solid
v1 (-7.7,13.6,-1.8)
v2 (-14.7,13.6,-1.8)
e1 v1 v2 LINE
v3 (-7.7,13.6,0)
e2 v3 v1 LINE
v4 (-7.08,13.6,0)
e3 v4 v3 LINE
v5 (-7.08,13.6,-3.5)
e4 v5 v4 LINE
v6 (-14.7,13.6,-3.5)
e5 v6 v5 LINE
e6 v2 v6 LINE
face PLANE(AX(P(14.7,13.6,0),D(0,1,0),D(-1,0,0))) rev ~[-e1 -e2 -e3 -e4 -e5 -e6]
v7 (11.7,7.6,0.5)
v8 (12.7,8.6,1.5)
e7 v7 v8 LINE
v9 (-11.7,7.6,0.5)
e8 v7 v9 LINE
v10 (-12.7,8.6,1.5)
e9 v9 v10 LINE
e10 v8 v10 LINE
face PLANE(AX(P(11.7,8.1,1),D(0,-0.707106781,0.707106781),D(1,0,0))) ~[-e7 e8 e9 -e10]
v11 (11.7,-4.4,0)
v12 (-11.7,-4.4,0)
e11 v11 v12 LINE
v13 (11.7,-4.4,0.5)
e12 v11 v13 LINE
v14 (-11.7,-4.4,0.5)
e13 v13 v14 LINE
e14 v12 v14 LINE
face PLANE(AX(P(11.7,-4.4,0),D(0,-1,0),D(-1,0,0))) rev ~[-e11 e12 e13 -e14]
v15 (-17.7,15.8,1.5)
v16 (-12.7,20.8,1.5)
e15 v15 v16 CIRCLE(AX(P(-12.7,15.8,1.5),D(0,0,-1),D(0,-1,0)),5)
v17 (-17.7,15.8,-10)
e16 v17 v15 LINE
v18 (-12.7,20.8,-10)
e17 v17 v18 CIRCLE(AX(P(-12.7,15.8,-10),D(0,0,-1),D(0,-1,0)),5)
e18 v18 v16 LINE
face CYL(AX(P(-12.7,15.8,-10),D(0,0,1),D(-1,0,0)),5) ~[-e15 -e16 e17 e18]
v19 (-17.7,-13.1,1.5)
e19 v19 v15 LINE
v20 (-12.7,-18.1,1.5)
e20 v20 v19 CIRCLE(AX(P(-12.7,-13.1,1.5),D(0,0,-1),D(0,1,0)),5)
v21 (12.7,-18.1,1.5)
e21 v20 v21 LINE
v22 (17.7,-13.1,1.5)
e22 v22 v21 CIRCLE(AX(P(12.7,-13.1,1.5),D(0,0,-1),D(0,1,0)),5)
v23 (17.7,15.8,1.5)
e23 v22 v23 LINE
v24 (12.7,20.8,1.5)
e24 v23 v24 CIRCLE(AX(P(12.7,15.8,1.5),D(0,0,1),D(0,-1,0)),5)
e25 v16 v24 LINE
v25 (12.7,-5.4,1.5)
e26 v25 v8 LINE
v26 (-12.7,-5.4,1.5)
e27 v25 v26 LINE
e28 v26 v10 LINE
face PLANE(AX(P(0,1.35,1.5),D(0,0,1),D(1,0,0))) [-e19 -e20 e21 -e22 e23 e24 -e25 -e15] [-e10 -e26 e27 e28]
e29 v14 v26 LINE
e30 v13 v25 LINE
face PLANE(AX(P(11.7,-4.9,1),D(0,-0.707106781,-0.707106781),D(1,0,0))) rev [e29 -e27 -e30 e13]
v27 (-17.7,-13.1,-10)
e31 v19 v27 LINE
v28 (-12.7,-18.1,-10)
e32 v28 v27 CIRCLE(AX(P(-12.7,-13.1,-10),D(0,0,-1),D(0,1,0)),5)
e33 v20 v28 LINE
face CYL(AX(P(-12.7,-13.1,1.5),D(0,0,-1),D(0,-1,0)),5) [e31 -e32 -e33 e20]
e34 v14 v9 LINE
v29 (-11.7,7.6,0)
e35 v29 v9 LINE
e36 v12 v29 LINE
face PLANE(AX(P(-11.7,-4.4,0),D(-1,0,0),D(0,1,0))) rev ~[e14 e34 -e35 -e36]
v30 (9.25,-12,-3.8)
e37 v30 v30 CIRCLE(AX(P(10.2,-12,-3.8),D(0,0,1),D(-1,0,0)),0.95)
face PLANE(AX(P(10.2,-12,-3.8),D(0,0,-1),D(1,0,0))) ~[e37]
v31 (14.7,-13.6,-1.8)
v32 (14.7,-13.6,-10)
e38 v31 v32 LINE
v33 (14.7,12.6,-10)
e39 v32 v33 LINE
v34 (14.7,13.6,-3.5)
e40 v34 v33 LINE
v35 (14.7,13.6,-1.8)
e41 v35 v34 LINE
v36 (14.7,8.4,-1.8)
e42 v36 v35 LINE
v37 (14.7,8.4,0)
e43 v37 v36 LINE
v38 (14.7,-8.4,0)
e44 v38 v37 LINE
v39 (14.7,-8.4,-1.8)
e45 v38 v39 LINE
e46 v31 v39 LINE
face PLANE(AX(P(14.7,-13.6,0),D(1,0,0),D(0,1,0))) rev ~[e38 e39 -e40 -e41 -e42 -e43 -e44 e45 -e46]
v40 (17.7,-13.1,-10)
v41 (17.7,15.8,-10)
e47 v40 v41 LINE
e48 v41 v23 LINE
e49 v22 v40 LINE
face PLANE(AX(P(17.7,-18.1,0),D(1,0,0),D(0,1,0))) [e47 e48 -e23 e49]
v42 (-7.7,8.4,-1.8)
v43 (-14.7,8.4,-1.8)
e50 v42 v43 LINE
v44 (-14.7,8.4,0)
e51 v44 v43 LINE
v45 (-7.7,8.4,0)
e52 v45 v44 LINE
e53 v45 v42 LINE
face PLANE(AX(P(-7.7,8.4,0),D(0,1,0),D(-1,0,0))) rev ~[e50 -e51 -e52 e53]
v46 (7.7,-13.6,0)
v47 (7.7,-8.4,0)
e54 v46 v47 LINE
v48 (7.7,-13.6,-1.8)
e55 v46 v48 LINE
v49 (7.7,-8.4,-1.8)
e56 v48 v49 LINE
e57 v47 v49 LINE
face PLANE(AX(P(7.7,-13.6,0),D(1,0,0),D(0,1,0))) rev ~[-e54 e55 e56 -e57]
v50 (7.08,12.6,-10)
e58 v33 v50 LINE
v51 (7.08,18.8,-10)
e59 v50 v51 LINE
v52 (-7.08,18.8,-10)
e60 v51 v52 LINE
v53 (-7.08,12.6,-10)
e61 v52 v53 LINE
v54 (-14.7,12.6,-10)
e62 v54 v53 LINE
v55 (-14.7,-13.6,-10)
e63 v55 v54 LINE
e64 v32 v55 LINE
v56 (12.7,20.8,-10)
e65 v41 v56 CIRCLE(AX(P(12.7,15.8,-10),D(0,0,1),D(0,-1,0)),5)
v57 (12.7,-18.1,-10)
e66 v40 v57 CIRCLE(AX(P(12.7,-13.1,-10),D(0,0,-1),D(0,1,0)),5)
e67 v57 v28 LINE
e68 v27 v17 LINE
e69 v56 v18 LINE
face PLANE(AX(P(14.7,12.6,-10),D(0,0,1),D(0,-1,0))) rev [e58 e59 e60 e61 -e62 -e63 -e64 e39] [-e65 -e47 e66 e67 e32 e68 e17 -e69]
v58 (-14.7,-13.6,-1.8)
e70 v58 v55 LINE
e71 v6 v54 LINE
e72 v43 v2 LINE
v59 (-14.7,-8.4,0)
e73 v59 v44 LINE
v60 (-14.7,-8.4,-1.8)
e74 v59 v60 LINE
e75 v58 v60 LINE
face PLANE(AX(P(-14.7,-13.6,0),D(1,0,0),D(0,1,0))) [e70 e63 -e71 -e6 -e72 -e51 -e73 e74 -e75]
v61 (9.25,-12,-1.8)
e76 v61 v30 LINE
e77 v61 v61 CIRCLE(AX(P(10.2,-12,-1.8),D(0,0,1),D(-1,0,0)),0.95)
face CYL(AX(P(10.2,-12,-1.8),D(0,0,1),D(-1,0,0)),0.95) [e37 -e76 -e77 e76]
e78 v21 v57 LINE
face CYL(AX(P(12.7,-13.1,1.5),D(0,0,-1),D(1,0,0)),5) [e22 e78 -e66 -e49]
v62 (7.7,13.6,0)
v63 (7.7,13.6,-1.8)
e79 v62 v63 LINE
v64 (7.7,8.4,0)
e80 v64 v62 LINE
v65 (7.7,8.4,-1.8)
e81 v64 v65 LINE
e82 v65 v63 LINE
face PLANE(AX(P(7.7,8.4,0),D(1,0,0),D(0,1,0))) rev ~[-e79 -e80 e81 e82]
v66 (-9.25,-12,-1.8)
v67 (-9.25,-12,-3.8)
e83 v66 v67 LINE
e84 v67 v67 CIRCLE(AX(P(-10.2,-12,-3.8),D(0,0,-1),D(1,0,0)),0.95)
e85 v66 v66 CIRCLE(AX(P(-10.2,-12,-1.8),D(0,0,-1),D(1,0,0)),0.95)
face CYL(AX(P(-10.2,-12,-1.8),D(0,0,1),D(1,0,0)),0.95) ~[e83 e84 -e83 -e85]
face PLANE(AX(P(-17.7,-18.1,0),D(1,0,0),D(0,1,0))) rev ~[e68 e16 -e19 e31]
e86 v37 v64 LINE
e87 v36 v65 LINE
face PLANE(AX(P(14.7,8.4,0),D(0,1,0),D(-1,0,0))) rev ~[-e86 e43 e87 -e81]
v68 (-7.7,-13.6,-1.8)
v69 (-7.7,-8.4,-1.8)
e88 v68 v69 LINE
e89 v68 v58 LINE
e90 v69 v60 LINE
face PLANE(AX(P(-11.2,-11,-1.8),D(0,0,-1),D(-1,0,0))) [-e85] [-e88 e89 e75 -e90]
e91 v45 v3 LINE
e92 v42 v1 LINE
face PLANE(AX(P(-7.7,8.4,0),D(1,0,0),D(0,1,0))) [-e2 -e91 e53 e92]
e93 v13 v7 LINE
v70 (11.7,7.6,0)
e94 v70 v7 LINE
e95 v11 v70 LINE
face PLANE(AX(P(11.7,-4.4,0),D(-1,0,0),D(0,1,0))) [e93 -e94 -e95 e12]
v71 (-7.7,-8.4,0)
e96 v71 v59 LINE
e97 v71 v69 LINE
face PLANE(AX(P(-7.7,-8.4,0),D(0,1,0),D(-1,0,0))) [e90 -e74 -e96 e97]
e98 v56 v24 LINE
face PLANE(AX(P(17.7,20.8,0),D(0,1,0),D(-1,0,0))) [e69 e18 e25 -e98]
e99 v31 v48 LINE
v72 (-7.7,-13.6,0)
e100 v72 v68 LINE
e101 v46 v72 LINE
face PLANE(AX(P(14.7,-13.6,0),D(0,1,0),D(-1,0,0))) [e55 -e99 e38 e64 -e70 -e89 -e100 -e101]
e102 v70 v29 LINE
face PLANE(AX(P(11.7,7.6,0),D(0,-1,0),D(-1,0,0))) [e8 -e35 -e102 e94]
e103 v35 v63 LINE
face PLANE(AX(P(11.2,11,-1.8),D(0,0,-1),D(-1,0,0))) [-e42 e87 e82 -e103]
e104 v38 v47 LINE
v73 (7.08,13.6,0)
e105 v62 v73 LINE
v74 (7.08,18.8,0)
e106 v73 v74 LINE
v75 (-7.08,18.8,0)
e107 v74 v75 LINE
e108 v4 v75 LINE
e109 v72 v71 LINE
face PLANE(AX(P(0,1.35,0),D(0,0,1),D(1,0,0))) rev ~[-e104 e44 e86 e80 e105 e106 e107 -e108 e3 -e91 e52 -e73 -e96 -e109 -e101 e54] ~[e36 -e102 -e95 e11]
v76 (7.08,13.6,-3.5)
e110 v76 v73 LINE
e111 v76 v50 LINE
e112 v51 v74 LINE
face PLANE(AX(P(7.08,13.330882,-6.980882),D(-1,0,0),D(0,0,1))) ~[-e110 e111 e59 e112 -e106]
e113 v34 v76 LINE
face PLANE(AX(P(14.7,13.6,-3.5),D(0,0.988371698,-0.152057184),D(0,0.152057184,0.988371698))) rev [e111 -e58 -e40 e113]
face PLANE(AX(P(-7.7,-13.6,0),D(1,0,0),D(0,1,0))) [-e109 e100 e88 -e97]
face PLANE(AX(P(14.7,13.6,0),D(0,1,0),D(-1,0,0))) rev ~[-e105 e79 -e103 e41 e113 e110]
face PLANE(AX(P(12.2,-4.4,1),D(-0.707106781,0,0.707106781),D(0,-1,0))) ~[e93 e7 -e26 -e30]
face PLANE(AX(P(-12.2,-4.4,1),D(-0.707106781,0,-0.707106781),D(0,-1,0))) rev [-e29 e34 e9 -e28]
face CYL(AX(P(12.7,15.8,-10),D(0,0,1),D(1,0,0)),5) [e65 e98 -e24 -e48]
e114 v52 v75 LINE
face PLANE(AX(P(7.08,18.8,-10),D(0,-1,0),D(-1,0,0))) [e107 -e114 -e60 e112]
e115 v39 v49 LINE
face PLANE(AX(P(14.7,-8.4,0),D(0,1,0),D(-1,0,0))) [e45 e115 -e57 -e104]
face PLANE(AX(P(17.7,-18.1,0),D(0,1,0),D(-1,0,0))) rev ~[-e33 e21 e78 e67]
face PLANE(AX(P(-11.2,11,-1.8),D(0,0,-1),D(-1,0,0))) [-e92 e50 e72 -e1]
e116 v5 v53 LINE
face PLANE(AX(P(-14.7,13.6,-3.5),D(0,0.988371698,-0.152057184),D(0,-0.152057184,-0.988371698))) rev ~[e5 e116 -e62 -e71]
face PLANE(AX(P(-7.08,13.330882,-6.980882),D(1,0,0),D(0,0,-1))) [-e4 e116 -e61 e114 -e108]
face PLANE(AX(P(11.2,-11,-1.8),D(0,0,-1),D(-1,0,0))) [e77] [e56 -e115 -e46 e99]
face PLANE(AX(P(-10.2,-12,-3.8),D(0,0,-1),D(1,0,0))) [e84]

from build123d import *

# Parameters (mm, degrees)
SKETCH2_W           = 35.4
SKETCH2_H           = 38.9
BOSS_EXTRUDE1_DEPTH = 1.5
SKETCH4_W           = 23.4
SKETCH4_H           = 12
CUT_EXTRUDE1_DEPTH  = 1.5
SKETCH5_W           = 35.4
SKETCH5_H           = 38.9
SKETCH5_W_2         = 29.4
SKETCH5_H_2         = 27.2
BOSS_EXTRUDE2_DEPTH = 10
FILLET1_R           = 5
SKETCH7_W           = 14.16
SKETCH7_H           = 5.2
CUT_EXTRUDE2_DEPTH  = 10
SKETCH8_W           = 7
SKETCH8_H           = 5.2
BOSS_EXTRUDE3_DEPTH = 1.8
BOSS_EXTRUDE4_DEPTH = 7.62
SKETCH10_R          = 0.95
BOSS_EXTRUDE5_DEPTH = 2
CHAMFER1_SIZE       = 1


with BuildPart() as part:
    # Sketch2 → Boss-Extrude1 (new body)
    with BuildSketch(Plane.XY):
        with Locations((0, 1.35)):
            Rectangle(SKETCH2_W, SKETCH2_H)
    extrude(amount=BOSS_EXTRUDE1_DEPTH)

    # Sketch4 → Cut-Extrude1 (cut)
    with BuildSketch(Plane(origin=(0, 0, 0), x_dir=(-1, 0, 0), z_dir=(0, 0, -1))):
        with Locations((0, 1.6)):
            Rectangle(SKETCH4_W, SKETCH4_H)
    extrude(amount=-CUT_EXTRUDE1_DEPTH, mode=Mode.SUBTRACT)

    # Sketch5 → Boss-Extrude2 (add)
    with BuildSketch(Plane(origin=(0, 0, 0), x_dir=(-1, 0, 0), z_dir=(0, 0, -1))):
        with Locations((0, 1.35)):
            Rectangle(SKETCH5_W, SKETCH5_H)
        Rectangle(SKETCH5_W_2, SKETCH5_H_2, mode=Mode.SUBTRACT)
    extrude(amount=BOSS_EXTRUDE2_DEPTH)

    # Fillet1
    fillet1_edges = [part.edges().sort_by_distance(p)[0] for p in [
        (-17.7, 20.8, -4.25),
        (17.7, 20.8, -4.25),
        (17.7, -18.1, -4.25),
        (-17.7, -18.1, -4.25),
    ]]
    fillet(fillet1_edges, radius=FILLET1_R)

    # Sketch7 → Cut-Extrude2 (cut)
    with BuildSketch(Plane(origin=(0, 0, -10), x_dir=(-1, 0, 0), z_dir=(0, 0, -1))):
        with Locations((0, 16.2)):
            Rectangle(SKETCH7_W, SKETCH7_H)
    extrude(amount=-CUT_EXTRUDE2_DEPTH, mode=Mode.SUBTRACT)

    # Sketch8 → Boss-Extrude3 (add)
    with BuildSketch(Plane(origin=(0, 0, 0), x_dir=(-1, 0, 0), z_dir=(0, 0, -1))):
        with Locations((11.2, -11)):
            Rectangle(SKETCH8_W, SKETCH8_H)
        with Locations((11.2, 11)):
            Rectangle(SKETCH8_W, SKETCH8_H)
        with Locations((-11.2, 11)):
            Rectangle(SKETCH8_W, SKETCH8_H)
        with Locations((-11.2, -11)):
            Rectangle(SKETCH8_W, SKETCH8_H)
    extrude(amount=BOSS_EXTRUDE3_DEPTH)

    # Sketch9 → Boss-Extrude4 (add)
    with BuildSketch(Plane(origin=(-14.7, 0, 0), x_dir=(0, 0, -1), z_dir=(1, 0, 0))):
        Polygon((3.5, 13.6), (10, 12.6), (10, 13.6), align=None)
    boss_extrude4 = extrude(amount=BOSS_EXTRUDE4_DEPTH)

    # Mirror1: Boss-Extrude4 across plane
    add(boss_extrude4.mirror(Plane(origin=(0, 0, 0), x_dir=(0, 0, 1), z_dir=(1, 0, 0))))

    # Sketch10 → Boss-Extrude5 (add)
    with BuildSketch(Plane(origin=(0, 0, -1.8), x_dir=(-1, 0, 0), z_dir=(0, 0, -1))):
        with Locations(Location((10.2, -12, 0), (0, 0, 180))):
            Circle(SKETCH10_R)
    boss_extrude5 = extrude(amount=BOSS_EXTRUDE5_DEPTH)

    # Mirror2: Boss-Extrude5 across plane
    add(boss_extrude5.mirror(Plane(origin=(0, 0, 0), x_dir=(0, 0, 1), z_dir=(1, 0, 0))))

    # Chamfer1
    chamfer1_edges = [part.edges().sort_by_distance(p)[0] for p in [
        (-11.7, 1.6, 1.5),
        (0, -4.4, 1.5),
        (11.7, 1.6, 1.5),
        (0, 7.6, 1.5),
    ]]
    chamfer(chamfer1_edges, length=CHAMFER1_SIZE)


solid = part.part
